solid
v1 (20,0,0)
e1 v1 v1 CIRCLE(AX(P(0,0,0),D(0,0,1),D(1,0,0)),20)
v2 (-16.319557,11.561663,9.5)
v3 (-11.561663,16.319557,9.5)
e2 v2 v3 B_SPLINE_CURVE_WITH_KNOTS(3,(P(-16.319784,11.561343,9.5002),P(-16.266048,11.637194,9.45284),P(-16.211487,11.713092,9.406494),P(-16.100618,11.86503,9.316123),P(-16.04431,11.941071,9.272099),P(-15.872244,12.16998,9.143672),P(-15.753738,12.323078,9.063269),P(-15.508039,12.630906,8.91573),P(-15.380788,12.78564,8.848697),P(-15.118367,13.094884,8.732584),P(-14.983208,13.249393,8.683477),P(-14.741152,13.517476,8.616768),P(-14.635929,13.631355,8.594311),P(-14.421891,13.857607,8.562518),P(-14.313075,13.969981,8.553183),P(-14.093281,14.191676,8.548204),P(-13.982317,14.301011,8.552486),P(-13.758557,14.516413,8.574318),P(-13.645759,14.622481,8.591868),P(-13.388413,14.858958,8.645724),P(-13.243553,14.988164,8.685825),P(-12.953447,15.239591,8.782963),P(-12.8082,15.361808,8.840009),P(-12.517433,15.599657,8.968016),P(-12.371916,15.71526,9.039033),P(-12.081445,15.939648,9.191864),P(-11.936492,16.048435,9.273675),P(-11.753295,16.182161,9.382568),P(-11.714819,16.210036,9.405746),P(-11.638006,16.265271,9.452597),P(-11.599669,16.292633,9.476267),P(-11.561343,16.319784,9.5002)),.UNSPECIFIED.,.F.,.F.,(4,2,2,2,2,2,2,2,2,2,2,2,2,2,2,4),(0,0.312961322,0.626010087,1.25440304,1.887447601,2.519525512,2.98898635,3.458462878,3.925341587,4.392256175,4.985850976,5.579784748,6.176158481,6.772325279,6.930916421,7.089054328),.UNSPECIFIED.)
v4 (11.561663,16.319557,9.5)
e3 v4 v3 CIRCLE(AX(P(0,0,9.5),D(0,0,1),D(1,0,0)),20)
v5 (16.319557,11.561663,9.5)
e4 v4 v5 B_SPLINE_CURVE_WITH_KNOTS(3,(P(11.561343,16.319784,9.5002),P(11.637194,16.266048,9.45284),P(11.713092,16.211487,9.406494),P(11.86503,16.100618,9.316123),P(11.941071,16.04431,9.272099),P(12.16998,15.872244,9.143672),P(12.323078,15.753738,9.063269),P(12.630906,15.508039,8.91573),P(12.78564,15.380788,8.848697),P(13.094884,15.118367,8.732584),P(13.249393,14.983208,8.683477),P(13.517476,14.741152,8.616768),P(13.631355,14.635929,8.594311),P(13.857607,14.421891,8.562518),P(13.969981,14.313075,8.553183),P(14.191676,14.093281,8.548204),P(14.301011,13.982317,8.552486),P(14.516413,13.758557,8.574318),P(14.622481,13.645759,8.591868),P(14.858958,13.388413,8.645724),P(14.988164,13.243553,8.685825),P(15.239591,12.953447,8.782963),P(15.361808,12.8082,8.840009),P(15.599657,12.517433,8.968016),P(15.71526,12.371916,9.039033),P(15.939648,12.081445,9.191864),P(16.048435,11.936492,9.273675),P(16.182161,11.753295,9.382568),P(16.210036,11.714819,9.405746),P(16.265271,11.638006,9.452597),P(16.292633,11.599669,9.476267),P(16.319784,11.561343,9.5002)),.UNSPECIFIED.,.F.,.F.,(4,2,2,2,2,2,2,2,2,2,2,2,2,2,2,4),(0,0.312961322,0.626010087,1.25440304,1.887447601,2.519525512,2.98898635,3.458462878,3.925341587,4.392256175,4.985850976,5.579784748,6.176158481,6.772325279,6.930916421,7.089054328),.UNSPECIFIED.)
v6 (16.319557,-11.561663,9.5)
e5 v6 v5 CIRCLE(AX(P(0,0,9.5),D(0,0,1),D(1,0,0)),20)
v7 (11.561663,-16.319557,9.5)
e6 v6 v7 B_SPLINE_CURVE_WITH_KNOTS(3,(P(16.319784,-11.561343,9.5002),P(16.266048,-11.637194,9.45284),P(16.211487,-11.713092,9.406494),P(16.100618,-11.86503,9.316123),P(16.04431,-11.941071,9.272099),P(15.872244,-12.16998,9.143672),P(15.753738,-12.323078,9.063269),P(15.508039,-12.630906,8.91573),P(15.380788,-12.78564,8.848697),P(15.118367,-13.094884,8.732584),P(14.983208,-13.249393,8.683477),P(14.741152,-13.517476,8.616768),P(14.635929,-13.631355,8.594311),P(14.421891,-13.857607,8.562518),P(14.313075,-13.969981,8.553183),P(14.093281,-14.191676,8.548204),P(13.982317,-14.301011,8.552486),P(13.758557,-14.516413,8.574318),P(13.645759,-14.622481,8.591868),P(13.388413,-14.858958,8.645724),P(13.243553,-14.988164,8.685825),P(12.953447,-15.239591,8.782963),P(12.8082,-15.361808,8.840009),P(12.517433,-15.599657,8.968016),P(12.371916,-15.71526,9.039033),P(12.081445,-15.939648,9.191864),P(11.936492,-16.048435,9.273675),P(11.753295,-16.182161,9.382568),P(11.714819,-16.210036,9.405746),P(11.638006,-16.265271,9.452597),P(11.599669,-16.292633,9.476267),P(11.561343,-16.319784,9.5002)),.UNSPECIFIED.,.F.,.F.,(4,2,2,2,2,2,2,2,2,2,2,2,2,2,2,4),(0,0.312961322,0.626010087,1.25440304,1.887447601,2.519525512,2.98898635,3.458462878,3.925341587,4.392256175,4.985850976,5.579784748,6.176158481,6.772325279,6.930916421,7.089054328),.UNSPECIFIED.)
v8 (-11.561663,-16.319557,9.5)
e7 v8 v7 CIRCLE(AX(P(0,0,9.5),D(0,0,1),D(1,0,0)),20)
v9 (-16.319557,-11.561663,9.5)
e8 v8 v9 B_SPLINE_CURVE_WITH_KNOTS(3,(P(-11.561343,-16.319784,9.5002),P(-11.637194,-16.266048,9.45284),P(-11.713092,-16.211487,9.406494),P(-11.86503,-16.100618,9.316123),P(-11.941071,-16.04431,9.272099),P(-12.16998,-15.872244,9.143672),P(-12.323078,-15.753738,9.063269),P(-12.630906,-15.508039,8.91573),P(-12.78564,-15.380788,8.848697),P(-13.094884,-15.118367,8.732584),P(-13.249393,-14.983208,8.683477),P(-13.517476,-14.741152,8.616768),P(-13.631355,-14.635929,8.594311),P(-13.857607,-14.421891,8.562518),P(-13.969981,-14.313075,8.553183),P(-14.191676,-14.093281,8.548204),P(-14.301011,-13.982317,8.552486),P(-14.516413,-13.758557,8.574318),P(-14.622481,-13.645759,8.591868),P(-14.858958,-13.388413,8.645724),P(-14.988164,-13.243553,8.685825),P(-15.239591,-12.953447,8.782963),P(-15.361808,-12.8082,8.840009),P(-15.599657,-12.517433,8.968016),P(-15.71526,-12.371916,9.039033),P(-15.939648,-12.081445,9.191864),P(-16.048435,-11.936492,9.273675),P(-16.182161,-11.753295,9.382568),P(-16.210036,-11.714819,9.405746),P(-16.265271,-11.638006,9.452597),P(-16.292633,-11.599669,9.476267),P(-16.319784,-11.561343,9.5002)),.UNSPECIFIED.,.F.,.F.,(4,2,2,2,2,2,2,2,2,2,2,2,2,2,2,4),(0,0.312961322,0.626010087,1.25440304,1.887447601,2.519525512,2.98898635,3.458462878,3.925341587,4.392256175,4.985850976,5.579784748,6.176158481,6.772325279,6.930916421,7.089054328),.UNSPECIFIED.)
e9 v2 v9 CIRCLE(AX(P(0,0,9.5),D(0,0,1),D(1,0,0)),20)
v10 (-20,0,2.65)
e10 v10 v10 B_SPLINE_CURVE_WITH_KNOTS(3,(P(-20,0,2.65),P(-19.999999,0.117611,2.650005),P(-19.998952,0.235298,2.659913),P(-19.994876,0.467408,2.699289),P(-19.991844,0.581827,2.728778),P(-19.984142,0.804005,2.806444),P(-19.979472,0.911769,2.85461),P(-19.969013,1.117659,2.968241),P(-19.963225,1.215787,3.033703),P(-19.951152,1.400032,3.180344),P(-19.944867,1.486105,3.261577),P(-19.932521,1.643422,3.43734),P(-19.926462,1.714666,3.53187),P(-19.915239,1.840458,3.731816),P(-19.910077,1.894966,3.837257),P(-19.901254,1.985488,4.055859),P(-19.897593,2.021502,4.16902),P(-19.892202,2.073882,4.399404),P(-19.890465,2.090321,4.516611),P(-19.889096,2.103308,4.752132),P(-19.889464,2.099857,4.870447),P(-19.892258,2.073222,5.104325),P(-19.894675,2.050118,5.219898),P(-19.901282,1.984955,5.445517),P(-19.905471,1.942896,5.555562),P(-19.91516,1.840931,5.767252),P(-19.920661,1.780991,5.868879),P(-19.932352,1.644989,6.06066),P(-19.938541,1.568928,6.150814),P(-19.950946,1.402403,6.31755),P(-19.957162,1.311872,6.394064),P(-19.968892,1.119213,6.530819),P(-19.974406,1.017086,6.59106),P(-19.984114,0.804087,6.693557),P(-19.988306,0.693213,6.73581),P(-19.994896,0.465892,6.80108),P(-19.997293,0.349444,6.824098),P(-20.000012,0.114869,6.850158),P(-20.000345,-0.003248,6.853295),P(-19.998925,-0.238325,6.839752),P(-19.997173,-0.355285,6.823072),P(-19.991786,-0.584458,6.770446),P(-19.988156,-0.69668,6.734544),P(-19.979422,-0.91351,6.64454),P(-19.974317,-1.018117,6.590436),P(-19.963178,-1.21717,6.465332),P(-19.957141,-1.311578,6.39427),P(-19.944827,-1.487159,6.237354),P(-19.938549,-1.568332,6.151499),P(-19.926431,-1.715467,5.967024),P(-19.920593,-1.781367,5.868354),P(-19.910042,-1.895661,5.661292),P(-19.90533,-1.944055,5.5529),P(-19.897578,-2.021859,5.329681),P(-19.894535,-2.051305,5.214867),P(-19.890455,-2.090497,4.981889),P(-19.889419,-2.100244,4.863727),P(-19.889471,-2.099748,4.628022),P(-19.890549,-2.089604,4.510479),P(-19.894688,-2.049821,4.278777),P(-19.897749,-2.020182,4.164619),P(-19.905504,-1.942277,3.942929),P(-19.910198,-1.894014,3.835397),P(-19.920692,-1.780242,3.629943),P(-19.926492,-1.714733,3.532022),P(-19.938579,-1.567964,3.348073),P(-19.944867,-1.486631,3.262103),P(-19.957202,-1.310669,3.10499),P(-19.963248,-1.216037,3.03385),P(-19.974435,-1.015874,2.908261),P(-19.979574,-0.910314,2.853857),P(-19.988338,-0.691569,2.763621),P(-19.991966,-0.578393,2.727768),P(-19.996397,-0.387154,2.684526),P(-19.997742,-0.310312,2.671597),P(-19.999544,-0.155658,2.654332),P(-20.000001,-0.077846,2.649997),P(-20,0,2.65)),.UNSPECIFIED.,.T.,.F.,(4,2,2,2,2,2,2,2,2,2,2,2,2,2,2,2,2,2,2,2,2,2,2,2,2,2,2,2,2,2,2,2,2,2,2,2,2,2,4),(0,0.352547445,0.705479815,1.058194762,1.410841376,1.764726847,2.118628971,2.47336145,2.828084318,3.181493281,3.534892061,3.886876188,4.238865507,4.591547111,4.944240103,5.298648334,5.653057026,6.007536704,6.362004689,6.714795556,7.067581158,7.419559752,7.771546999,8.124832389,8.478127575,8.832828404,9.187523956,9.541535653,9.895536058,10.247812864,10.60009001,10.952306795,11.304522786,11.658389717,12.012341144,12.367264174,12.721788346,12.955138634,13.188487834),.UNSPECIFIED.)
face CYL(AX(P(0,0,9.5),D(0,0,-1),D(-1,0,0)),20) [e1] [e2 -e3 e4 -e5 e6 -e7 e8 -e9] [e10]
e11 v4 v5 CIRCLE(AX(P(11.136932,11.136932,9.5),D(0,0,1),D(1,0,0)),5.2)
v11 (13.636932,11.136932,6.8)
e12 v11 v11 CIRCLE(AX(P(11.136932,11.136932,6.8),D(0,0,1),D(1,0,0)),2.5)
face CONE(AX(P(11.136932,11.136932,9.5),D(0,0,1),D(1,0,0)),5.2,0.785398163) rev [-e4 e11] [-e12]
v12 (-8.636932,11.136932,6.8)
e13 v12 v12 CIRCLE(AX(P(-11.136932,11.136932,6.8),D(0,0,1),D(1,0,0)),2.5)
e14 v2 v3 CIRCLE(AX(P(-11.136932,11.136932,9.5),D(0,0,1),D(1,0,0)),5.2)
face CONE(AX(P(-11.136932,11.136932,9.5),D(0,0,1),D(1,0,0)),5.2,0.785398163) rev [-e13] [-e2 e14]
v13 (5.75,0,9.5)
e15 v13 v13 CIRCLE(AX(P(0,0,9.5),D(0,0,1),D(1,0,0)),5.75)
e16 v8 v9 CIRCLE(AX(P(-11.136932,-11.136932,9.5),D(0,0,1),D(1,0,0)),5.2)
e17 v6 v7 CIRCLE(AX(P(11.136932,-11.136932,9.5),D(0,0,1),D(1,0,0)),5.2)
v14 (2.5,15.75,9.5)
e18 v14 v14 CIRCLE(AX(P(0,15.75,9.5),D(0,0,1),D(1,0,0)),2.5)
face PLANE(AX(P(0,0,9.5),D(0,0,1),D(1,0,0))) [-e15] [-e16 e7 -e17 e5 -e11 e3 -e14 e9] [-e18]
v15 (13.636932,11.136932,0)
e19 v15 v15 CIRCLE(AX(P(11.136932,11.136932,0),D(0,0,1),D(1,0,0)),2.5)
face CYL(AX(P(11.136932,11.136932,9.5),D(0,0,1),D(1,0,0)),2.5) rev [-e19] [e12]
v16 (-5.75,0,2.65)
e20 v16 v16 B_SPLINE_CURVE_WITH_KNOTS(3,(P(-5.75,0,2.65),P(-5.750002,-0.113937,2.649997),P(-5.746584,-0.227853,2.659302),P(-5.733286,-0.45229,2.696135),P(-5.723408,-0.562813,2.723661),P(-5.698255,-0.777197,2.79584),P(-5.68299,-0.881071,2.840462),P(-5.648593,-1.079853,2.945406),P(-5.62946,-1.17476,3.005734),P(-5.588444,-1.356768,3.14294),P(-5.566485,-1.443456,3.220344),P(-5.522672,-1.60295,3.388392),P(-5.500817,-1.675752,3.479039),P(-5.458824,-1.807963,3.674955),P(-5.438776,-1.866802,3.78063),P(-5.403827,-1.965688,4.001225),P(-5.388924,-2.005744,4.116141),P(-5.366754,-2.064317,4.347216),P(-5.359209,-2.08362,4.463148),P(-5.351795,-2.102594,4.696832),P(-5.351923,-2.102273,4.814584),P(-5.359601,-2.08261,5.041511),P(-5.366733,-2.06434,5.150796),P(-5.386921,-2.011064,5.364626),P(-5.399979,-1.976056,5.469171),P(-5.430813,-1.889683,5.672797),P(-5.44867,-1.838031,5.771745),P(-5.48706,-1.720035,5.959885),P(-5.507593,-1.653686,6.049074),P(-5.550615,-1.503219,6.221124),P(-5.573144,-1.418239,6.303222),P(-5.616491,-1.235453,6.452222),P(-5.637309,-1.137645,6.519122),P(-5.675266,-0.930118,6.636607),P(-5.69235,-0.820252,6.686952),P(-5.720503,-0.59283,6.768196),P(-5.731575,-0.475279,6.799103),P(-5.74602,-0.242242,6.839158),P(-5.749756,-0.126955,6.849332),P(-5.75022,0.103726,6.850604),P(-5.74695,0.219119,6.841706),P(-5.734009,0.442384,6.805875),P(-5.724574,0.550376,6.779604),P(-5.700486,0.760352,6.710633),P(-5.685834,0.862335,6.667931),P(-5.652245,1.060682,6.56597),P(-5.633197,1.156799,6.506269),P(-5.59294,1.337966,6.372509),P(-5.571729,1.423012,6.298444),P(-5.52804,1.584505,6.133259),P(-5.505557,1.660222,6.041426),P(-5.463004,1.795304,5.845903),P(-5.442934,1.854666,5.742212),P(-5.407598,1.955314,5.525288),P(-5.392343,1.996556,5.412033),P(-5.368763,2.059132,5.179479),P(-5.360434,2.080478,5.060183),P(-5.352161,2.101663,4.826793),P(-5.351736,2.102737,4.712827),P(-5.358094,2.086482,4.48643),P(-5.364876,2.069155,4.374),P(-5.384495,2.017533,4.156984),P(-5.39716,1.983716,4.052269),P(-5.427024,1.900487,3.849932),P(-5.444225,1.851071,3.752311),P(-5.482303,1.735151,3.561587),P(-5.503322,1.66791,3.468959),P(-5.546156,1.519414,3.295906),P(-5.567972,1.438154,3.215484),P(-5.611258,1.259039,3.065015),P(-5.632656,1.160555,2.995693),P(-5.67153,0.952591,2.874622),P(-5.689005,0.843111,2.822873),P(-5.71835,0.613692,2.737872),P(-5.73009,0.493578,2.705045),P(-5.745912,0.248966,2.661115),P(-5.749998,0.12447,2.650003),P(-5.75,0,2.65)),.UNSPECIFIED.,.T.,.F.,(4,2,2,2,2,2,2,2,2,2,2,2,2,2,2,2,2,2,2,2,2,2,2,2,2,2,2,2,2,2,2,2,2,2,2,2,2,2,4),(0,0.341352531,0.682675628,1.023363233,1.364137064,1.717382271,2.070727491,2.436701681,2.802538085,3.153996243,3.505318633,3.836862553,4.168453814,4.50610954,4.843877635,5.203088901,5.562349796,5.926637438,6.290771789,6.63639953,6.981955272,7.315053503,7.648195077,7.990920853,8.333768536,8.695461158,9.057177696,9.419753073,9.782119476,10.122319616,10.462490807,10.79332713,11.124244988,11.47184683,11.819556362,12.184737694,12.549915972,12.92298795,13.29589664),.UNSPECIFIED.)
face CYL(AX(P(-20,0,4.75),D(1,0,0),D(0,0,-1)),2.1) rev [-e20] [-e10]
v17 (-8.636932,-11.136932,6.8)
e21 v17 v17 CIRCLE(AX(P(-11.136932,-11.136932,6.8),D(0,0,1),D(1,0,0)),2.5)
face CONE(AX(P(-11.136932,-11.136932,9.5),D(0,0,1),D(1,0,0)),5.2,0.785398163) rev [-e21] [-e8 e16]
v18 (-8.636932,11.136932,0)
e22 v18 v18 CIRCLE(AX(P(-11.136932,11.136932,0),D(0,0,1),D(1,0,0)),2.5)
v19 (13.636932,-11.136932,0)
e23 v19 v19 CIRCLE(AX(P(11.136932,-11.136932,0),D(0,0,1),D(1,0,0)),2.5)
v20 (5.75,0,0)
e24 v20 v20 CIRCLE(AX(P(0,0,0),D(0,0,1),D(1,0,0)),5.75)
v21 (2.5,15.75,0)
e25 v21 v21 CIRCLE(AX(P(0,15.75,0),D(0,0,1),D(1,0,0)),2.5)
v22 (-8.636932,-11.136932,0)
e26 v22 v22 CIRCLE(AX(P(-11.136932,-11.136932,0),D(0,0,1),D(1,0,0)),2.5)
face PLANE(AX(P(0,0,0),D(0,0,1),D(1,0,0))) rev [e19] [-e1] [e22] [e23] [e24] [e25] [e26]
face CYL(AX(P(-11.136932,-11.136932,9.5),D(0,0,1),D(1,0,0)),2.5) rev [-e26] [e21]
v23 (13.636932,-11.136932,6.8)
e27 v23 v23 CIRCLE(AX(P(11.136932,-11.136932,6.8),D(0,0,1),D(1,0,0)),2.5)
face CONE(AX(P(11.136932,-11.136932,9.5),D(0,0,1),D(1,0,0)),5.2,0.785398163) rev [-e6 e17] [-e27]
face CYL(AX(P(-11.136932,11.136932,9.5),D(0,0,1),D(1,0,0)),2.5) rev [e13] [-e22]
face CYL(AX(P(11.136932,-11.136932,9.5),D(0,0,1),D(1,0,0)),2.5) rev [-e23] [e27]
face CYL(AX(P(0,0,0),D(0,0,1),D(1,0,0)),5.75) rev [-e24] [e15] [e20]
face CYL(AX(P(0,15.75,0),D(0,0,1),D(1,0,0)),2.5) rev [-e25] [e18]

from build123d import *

# Parameters (mm, degrees)
SKETCH2_R                                       = 20
BOSS_EXTRUDE1_DEPTH                             = 9.5
CSK_FOR_M5_FLAT_HEAD_MACHINE_SCREW1_D           = 5
CSK_FOR_M5_FLAT_HEAD_MACHINE_SCREW1_CSINK_D     = 10.4
CSK_FOR_M5_FLAT_HEAD_MACHINE_SCREW1_CSINK_ANGLE = 90
SKETCH5_R                                       = 2.5
CUT_EXTRUDE1_DEPTH                              = 30.837057662
SKETCH6_R                                       = 5.75
CUT_EXTRUDE2_DEPTH                              = 30.837057662
SKETCH8_R                                       = 2.1
CUT_EXTRUDE3_DEPTH                              = 30.837057662


with BuildPart() as part:
    # Sketch2 → Boss-Extrude1 (new body)
    with BuildSketch(Plane.XY):
        Circle(SKETCH2_R)
    extrude(amount=BOSS_EXTRUDE1_DEPTH)

    # CSK for M5 Flat Head Machine Screw1 (through all)
    with Locations(Plane.XY.offset(9.5)):
        with Locations((-11.136931804, 11.136931804), (11.136931804, 11.136931804), (11.136931804, -11.136931804), (-11.136931804, -11.136931804)):
            CounterSinkHole(CSK_FOR_M5_FLAT_HEAD_MACHINE_SCREW1_D / 2, CSK_FOR_M5_FLAT_HEAD_MACHINE_SCREW1_CSINK_D / 2, counter_sink_angle=CSK_FOR_M5_FLAT_HEAD_MACHINE_SCREW1_CSINK_ANGLE)

    # Sketch5 → Cut-Extrude1 (cut, through all)
    with BuildSketch(Plane.XY.offset(9.5)):
        with Locations((0, 15.75)):
            Circle(SKETCH5_R)
    extrude(amount=-CUT_EXTRUDE1_DEPTH, mode=Mode.SUBTRACT)

    # Sketch6 → Cut-Extrude2 (cut, through all)
    with BuildSketch(Plane.XY.offset(9.5)):
        Circle(SKETCH6_R)
    extrude(amount=-CUT_EXTRUDE2_DEPTH, mode=Mode.SUBTRACT)

    # Sketch8 → Cut-Extrude3 (cut, through all)
    with BuildSketch(Plane(origin=(0, 0, 0), x_dir=(0, 0, -1), z_dir=(1, 0, 0))):
        with Locations((-4.75, 0)):
            Circle(SKETCH8_R)
    extrude(amount=-CUT_EXTRUDE3_DEPTH, mode=Mode.SUBTRACT)


solid = part.part
